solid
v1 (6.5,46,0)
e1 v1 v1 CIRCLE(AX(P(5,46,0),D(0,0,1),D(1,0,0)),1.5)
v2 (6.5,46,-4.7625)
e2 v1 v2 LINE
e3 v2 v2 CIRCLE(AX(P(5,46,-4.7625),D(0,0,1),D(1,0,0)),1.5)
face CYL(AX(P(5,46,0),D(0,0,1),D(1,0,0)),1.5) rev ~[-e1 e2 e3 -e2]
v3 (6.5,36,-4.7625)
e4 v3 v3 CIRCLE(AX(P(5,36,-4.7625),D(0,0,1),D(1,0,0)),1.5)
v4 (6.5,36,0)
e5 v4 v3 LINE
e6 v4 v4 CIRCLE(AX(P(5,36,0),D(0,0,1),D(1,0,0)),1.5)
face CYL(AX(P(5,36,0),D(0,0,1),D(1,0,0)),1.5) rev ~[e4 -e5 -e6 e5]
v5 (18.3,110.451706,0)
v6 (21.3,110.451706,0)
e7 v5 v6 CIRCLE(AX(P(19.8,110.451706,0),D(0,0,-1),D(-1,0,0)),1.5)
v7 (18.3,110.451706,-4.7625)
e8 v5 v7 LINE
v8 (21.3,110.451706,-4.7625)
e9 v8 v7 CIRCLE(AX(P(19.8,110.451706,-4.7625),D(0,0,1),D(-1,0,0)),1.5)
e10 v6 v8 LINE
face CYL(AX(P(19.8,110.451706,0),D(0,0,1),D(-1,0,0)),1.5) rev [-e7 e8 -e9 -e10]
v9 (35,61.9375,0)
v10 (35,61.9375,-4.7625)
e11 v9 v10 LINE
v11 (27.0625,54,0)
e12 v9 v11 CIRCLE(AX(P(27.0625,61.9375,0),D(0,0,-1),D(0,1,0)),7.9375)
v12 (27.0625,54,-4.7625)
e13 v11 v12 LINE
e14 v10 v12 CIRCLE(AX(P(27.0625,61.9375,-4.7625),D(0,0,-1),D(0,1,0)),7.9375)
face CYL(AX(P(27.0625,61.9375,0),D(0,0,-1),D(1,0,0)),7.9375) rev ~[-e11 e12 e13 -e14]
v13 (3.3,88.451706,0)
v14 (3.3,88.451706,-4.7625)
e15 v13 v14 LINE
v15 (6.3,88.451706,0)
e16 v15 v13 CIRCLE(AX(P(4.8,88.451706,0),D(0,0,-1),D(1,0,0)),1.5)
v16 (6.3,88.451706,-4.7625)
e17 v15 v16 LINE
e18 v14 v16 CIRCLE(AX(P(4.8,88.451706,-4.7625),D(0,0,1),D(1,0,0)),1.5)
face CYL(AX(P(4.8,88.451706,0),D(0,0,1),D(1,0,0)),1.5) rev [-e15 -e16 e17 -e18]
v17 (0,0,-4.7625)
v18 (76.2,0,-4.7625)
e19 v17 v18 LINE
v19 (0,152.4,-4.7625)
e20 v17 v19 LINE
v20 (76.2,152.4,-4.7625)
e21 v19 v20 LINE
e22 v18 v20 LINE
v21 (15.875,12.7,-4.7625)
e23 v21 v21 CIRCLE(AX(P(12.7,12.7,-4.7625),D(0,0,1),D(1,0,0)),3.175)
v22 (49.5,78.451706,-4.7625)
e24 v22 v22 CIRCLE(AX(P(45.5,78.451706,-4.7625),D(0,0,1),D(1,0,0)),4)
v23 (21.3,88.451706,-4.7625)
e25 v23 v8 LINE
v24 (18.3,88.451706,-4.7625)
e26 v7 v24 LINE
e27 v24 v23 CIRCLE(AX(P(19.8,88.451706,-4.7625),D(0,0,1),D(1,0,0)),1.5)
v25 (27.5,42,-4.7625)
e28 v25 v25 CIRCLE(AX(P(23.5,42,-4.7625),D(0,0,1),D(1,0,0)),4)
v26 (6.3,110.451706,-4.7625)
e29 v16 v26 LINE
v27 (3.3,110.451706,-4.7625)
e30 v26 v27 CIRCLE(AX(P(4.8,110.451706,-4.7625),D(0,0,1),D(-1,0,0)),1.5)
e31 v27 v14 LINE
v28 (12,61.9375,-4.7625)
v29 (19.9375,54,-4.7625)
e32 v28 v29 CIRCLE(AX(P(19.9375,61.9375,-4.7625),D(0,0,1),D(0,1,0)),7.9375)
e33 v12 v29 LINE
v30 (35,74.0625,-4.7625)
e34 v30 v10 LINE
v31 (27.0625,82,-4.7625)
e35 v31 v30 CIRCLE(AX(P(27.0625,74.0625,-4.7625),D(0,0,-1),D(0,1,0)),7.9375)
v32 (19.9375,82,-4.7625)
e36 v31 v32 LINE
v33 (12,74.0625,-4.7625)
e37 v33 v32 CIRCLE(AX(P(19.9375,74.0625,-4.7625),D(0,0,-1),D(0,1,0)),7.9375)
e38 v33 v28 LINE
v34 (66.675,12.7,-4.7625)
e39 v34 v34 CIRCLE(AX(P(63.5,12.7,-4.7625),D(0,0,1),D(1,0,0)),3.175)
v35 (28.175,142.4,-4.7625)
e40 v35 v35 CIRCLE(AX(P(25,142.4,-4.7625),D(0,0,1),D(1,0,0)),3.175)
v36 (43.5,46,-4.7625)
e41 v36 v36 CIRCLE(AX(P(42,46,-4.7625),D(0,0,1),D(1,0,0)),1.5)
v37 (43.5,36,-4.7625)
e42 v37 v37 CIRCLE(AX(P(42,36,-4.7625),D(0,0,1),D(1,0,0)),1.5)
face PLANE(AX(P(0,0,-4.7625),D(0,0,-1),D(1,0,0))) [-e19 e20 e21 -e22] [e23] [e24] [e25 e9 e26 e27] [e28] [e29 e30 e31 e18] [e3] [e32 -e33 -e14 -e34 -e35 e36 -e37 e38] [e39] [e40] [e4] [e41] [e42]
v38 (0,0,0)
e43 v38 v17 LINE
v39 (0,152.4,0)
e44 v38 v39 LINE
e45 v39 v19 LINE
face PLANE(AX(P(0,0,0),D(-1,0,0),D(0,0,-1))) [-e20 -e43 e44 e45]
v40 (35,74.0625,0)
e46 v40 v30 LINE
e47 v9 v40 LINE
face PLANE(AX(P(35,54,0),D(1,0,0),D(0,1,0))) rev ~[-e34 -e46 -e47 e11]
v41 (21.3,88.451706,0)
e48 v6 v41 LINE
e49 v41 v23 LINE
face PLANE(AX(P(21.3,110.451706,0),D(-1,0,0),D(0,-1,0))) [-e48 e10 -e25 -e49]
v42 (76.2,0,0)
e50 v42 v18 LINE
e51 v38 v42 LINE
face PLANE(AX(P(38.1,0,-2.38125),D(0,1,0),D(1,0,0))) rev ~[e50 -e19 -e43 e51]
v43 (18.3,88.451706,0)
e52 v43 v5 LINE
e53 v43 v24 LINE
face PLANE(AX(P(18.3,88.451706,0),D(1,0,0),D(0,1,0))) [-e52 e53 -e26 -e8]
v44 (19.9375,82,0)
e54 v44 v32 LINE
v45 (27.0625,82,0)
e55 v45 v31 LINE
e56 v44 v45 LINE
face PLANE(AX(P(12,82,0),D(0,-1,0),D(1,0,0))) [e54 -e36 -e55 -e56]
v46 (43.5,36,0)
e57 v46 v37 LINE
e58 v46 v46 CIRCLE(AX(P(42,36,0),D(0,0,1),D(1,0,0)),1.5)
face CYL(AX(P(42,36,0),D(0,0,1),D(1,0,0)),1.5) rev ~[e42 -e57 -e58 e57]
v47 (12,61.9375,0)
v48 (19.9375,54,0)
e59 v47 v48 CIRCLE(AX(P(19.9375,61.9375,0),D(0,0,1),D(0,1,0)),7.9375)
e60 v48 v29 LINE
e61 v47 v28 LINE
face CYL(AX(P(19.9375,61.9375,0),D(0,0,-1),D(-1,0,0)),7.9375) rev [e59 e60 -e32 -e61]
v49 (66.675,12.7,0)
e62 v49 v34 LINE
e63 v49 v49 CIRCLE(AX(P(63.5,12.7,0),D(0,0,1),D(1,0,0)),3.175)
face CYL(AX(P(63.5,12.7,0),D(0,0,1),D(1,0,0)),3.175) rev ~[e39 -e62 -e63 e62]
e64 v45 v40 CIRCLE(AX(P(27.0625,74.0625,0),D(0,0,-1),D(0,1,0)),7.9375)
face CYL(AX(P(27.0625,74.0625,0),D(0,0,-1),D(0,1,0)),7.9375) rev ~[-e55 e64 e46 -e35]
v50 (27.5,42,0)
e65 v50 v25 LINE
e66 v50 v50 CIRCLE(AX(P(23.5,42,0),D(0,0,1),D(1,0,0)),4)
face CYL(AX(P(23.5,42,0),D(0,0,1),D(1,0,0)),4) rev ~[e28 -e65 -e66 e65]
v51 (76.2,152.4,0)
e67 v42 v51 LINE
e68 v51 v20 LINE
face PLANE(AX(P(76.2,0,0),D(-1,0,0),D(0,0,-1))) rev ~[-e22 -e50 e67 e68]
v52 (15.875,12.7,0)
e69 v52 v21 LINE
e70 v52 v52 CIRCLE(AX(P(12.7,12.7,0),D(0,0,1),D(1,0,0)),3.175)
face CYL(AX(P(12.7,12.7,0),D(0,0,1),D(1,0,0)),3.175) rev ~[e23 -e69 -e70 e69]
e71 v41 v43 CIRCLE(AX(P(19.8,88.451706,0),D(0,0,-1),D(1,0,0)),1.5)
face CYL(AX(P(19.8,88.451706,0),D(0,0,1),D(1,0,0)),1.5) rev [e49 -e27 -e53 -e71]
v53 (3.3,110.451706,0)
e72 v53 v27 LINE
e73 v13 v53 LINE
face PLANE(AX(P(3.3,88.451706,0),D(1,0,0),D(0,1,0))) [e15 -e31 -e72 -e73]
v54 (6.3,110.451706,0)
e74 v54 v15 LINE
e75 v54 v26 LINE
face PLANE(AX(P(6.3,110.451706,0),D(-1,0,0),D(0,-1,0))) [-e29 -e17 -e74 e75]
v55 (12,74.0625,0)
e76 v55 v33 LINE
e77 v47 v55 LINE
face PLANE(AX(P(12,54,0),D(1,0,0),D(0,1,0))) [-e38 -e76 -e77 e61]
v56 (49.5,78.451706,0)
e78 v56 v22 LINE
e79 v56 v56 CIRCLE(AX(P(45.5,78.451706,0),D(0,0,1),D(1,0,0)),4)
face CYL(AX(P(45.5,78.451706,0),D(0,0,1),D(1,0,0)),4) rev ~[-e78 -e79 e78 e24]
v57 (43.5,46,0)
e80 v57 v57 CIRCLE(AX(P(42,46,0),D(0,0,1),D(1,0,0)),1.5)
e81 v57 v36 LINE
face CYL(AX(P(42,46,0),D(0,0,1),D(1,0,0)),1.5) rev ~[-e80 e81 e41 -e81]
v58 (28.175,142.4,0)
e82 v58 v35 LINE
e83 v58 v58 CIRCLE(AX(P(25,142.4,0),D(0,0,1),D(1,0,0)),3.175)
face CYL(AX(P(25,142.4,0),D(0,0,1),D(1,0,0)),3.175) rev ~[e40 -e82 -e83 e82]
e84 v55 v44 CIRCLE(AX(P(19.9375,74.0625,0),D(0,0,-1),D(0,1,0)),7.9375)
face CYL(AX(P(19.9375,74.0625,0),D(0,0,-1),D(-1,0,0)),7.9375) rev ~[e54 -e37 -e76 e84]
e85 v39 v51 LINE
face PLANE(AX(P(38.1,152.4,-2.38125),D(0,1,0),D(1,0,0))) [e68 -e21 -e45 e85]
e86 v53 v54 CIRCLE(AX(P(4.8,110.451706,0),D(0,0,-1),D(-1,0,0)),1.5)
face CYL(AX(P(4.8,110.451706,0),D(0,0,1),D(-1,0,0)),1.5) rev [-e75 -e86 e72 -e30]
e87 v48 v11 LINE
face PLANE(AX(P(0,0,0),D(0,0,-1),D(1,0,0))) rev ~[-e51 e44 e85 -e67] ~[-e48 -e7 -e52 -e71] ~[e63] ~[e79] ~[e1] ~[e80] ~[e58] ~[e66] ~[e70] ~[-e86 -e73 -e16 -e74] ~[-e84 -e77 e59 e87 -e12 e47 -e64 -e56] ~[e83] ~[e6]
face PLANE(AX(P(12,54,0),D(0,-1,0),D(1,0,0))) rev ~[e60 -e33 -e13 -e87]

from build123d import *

# Parameters (mm, degrees)
SKETCH1_W           = 76.2
SKETCH1_H           = 4.7625
BOSS_EXTRUDE1_DEPTH = 152.4
SKETCH2_R           = 4
CUT_EXTRUDE1_DEPTH  = 171.454924852
SKETCH3_W           = 23
SKETCH3_H           = 28
CUT_EXTRUDE2_DEPTH  = 171.454924852
FILLET1_R           = 7.9375
CUT_EXTRUDE3_DEPTH  = 171.454924852
SKETCH5_R           = 1.5
CUT_EXTRUDE4_DEPTH  = 171.454924852
SKETCH6_R           = 3.175
CUT_EXTRUDE5_DEPTH  = 171.454924852
SKETCH7_R           = 3.175
CUT_EXTRUDE6_DEPTH  = 171.454924852


with BuildPart() as part:
    # Sketch1 → Boss-Extrude1 (new body)
    with BuildSketch(Plane(origin=(0, 0, 0), x_dir=(1, 0, 0), z_dir=(0, 1, 0))):
        with Locations((38.1, 2.38125)):
            Rectangle(SKETCH1_W, SKETCH1_H)
    extrude(amount=BOSS_EXTRUDE1_DEPTH)

    # Sketch2 → Cut-Extrude1 (cut, through all)
    with BuildSketch(Plane.XY):
        with Locations((23.5, 42)):
            Circle(SKETCH2_R)
        with Locations((45.5, 78.451705922)):
            Circle(SKETCH2_R)
    extrude(amount=-CUT_EXTRUDE1_DEPTH, mode=Mode.SUBTRACT)

    # Sketch3 → Cut-Extrude2 (cut, through all)
    with BuildSketch(Plane.XY):
        with Locations((23.5, 68)):
            Rectangle(SKETCH3_W, SKETCH3_H)
    extrude(amount=-CUT_EXTRUDE2_DEPTH, mode=Mode.SUBTRACT)

    # Fillet1
    fillet1_edges = [part.edges().sort_by_distance(p)[0] for p in [
        (12, 54, -2.38125),
        (12, 82, -2.38125),
        (35, 82, -2.38125),
        (35, 54, -2.38125),
    ]]
    fillet(fillet1_edges, radius=FILLET1_R)

    # Sketch4 → Cut-Extrude3 (cut, through all)
    with BuildSketch(Plane.XY):
        with BuildLine():
            Line((6.3, 110.451705922), (6.3, 88.451705922))
            ThreePointArc((6.3, 88.451705922), (4.8, 86.951705922), (3.3, 88.451705922))
            Line((3.3, 88.451705922), (3.3, 110.451705922))
            ThreePointArc((3.3, 110.451705922), (4.8, 111.951705922), (6.3, 110.451705922))
        make_face()
        with BuildLine():
            Line((21.3, 110.451705922), (21.3, 88.451705922))
            ThreePointArc((21.3, 88.451705922), (19.8, 86.951705922), (18.3, 88.451705922))
            Line((18.3, 88.451705922), (18.3, 110.451705922))
            ThreePointArc((18.3, 110.451705922), (19.8, 111.951705922), (21.3, 110.451705922))
        make_face()
    extrude(amount=-CUT_EXTRUDE3_DEPTH, mode=Mode.SUBTRACT)

    # Sketch5 → Cut-Extrude4 (cut, through all)
    with BuildSketch(Plane.XY):
        with Locations((5, 36)):
            Circle(SKETCH5_R)
        with Locations((42, 36)):
            Circle(SKETCH5_R)
        with Locations((5, 46)):
            Circle(SKETCH5_R)
        with Locations((42, 46)):
            Circle(SKETCH5_R)
    extrude(amount=-CUT_EXTRUDE4_DEPTH, mode=Mode.SUBTRACT)

    # Sketch6 → Cut-Extrude5 (cut, through all)
    with BuildSketch(Plane.XY):
        with Locations((12.7, 12.7)):
            Circle(SKETCH6_R)
        with Locations((63.5, 12.7)):
            Circle(SKETCH6_R)
    extrude(amount=-CUT_EXTRUDE5_DEPTH, mode=Mode.SUBTRACT)

    # Sketch7 → Cut-Extrude6 (cut, through all)
    with BuildSketch(Plane.XY):
        with Locations((25, 142.4)):
            Circle(SKETCH7_R)
    extrude(amount=-CUT_EXTRUDE6_DEPTH, mode=Mode.SUBTRACT)


solid = part.part
